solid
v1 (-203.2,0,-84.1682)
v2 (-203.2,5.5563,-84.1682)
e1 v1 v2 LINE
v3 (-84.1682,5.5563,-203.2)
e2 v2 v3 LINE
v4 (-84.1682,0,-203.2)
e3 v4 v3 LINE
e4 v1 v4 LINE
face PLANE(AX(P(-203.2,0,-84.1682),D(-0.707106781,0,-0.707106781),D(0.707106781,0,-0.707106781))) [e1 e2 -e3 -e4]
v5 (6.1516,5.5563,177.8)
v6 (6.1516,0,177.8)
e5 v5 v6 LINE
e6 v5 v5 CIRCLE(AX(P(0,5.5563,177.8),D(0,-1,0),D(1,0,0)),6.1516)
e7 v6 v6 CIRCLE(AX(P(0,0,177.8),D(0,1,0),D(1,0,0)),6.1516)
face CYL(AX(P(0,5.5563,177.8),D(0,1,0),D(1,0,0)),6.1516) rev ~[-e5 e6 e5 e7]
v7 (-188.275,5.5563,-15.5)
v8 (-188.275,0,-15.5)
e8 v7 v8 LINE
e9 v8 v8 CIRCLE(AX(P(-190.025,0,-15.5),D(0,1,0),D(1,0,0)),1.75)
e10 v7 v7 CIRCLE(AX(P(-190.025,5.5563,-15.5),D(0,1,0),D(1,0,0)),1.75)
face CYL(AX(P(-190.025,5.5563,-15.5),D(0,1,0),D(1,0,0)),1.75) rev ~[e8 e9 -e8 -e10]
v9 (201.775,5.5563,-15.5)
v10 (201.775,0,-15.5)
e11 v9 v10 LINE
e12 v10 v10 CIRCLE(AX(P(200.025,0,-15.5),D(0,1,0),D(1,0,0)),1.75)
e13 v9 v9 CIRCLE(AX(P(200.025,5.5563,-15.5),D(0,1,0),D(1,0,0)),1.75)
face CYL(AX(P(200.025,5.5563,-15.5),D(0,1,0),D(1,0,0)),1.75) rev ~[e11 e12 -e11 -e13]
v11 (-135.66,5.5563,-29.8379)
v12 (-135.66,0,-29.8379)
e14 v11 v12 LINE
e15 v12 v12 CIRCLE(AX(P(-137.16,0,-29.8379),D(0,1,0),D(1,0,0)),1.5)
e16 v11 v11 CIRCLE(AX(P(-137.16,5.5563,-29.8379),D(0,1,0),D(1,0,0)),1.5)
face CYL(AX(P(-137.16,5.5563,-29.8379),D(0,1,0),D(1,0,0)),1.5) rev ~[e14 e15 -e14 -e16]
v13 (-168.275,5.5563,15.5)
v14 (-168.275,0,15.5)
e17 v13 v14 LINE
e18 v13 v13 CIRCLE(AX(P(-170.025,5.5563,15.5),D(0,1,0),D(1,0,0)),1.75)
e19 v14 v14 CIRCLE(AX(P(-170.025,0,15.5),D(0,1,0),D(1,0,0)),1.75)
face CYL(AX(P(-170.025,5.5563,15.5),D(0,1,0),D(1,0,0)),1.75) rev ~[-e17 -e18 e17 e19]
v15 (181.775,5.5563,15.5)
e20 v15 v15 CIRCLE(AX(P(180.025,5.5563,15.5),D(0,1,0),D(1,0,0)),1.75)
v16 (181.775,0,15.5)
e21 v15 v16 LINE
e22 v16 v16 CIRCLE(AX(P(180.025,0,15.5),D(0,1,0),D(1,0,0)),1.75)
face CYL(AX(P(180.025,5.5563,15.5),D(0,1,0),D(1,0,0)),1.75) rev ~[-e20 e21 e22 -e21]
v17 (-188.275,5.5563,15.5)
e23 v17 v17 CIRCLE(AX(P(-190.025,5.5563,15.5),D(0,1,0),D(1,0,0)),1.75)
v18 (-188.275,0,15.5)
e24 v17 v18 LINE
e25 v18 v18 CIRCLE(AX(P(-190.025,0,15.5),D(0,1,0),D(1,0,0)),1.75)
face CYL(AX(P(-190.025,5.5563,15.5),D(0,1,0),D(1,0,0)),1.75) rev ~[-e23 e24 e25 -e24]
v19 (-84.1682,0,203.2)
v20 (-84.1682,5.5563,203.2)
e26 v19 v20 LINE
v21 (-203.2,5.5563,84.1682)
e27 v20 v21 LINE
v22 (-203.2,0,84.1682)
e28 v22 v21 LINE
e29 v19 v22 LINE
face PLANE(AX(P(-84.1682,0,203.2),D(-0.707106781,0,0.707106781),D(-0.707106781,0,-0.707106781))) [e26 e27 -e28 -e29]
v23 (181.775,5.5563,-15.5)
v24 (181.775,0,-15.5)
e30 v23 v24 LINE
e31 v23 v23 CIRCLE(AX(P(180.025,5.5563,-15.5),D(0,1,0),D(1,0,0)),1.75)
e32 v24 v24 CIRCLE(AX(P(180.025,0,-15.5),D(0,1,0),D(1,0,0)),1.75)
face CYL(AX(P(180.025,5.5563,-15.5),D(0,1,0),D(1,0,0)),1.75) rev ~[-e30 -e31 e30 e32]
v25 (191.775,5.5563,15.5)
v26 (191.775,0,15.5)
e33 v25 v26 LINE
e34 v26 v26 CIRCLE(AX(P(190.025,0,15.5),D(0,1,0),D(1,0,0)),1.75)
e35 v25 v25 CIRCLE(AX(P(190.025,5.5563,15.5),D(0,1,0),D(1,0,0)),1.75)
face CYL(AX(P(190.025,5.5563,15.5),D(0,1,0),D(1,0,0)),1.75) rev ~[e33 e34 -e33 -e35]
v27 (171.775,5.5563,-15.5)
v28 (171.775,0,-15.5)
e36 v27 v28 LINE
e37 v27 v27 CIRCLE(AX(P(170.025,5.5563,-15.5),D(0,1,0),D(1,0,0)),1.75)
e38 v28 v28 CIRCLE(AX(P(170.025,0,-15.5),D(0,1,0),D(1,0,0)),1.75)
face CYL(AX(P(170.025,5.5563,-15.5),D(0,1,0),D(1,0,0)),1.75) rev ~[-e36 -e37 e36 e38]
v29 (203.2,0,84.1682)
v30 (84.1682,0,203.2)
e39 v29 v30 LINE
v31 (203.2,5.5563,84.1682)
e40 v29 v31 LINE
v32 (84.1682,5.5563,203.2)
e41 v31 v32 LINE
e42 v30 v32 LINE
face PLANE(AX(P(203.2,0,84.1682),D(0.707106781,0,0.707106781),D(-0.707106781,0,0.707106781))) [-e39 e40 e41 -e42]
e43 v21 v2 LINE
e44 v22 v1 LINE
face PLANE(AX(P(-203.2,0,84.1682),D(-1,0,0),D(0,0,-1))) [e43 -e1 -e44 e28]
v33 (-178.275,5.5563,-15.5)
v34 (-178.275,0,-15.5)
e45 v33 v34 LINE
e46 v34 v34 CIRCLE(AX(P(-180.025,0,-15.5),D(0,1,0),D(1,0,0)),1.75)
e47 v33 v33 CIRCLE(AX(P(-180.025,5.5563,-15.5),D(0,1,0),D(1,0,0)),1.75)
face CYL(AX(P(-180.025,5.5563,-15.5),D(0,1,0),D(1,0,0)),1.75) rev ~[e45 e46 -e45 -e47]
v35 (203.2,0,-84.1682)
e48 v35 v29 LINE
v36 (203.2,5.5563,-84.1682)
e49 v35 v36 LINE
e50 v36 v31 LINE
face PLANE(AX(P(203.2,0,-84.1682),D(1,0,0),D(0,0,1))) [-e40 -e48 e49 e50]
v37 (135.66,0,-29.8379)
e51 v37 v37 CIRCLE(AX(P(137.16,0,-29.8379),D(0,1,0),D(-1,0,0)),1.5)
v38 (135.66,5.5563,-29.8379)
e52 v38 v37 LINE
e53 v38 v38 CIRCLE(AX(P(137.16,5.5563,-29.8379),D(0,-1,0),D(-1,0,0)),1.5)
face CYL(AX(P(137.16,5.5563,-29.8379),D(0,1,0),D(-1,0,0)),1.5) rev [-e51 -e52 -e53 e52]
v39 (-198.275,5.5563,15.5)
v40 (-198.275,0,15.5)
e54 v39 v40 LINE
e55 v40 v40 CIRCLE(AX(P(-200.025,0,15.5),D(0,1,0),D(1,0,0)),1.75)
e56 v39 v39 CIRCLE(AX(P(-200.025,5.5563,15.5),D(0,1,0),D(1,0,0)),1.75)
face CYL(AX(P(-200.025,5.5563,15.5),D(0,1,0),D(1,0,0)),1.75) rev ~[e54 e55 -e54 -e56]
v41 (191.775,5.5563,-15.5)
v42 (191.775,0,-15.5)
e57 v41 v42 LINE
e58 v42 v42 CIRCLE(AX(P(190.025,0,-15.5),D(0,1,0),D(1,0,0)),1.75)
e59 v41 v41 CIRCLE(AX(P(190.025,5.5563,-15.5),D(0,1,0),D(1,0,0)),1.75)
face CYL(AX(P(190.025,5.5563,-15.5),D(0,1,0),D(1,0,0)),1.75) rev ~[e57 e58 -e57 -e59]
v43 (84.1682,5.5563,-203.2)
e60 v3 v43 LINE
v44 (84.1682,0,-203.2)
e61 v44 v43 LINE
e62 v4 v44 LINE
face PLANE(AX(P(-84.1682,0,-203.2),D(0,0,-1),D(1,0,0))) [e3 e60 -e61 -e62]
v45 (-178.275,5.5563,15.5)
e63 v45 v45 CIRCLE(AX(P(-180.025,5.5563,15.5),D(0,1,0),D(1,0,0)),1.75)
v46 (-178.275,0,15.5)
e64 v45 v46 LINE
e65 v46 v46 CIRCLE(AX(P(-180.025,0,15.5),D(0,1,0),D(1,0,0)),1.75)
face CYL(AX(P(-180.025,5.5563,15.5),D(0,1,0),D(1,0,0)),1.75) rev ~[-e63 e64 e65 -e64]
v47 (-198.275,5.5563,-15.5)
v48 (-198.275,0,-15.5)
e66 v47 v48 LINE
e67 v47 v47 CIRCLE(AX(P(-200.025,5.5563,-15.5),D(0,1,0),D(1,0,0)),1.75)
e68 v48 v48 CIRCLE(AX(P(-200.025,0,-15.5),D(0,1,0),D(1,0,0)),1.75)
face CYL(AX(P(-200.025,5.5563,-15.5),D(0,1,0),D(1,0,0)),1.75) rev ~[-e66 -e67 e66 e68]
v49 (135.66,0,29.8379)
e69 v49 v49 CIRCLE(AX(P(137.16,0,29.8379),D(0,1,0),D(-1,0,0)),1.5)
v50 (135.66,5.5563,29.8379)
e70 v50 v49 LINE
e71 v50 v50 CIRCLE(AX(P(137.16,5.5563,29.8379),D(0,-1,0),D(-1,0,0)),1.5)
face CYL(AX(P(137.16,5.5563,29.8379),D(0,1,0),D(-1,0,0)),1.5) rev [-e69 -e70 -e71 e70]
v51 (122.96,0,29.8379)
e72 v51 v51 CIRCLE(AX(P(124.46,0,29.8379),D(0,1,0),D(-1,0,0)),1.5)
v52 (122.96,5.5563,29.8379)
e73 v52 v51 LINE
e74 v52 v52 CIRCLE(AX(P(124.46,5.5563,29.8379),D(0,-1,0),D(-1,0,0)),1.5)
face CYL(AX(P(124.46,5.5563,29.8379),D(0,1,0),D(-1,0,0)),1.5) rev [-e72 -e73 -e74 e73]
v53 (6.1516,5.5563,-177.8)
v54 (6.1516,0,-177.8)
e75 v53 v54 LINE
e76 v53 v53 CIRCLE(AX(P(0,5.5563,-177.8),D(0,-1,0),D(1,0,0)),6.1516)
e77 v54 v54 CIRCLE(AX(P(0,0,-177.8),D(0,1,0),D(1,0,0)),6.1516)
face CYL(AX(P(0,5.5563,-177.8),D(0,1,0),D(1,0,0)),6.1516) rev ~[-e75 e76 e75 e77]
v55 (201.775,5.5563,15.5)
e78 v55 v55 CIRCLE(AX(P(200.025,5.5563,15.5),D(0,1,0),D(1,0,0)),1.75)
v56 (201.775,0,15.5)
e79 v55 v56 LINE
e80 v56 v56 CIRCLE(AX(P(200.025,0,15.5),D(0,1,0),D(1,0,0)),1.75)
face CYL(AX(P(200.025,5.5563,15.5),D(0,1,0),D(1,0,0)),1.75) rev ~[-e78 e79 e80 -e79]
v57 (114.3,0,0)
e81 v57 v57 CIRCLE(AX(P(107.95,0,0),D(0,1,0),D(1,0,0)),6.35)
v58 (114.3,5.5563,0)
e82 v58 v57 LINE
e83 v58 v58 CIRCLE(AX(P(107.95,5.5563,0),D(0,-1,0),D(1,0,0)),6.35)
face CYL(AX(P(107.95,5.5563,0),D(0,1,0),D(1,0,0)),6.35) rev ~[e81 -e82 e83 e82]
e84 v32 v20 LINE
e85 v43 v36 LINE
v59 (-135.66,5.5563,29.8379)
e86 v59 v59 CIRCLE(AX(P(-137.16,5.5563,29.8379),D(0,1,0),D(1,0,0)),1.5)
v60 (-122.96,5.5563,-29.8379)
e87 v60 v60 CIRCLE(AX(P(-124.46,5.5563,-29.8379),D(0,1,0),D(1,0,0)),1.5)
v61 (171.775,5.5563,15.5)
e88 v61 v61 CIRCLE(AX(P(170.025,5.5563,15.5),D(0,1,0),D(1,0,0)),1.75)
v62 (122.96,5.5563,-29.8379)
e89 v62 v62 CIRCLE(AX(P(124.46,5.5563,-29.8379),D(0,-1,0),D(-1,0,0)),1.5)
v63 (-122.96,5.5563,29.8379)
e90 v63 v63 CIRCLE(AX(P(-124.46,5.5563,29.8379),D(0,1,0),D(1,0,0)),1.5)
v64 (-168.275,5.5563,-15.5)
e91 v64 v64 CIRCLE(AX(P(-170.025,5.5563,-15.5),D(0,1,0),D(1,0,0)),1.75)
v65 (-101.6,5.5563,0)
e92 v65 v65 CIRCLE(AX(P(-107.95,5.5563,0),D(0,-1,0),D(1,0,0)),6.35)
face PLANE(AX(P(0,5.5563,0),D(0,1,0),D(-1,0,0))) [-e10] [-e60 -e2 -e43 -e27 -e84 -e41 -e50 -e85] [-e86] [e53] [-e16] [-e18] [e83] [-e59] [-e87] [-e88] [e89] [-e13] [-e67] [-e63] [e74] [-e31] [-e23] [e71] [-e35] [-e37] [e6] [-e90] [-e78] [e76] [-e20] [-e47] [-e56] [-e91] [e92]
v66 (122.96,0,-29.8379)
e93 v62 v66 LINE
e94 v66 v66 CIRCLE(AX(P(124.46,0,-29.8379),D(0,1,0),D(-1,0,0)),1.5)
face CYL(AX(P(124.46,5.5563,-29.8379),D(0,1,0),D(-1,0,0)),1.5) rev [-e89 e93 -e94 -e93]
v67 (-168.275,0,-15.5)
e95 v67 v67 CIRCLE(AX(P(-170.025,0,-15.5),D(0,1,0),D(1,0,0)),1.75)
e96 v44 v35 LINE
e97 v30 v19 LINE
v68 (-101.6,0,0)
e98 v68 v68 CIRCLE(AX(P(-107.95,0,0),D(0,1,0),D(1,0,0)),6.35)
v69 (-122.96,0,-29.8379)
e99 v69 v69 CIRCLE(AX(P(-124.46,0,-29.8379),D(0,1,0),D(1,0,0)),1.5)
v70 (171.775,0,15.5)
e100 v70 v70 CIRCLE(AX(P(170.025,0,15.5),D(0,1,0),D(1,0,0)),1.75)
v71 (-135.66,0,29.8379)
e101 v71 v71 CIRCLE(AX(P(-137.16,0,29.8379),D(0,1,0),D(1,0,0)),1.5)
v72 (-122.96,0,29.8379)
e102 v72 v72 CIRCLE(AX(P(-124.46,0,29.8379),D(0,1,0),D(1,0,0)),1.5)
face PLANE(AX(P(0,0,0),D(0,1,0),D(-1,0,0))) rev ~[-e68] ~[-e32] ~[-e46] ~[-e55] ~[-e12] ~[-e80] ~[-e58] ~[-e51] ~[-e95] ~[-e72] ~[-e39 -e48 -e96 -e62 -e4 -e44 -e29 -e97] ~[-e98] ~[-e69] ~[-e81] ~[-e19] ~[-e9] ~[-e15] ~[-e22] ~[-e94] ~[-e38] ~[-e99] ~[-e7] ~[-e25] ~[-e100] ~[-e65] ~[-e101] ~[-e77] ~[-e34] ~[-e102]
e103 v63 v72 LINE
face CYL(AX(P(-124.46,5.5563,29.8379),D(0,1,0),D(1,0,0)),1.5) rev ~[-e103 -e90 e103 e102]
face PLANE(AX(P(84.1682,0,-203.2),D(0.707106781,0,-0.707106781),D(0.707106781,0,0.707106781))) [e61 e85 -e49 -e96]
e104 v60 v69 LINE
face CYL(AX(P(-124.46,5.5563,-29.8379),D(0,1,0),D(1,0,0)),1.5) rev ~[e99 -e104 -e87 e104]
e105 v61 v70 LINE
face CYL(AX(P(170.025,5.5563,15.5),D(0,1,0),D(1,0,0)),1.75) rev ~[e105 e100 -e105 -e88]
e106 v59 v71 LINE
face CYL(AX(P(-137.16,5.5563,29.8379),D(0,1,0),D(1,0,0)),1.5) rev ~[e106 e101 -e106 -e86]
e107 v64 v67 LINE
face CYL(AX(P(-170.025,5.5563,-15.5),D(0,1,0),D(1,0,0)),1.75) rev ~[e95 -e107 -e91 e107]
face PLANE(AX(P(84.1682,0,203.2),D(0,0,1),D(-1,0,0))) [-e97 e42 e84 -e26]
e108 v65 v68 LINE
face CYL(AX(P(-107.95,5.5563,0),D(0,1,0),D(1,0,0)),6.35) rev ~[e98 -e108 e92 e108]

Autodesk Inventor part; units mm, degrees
ref_plane "YZ Plane" through (0, 0, 0) normal (1, 0, 0) x (0, 1, 0)
ref_plane "XZ Plane" through (0, 0, 0) normal (0, 1, 0) x (-1, 0, 0)
ref_plane "XY Plane" through (0, 0, 0) normal (0, 0, 1) x (1, 0, 0)
sketch "Sketch1" plane through (0, 0, 0) normal (0, 1, 0) x (-1, 0, 0)
  line L0 (-203.2, 84.1682) -> (-84.1682, 203.2)
  line L1 (-84.1682, 203.2) -> (84.1682, 203.2)
  line L2 (84.1682, 203.2) -> (203.2, 84.1682)
  line L3 (203.2, 84.1682) -> (203.2, -84.1682)
  line L4 (203.2, -84.1682) -> (84.1682, -203.2)
  line L5 (84.1682, -203.2) -> (-84.1682, -203.2)
  line L6 (-84.1682, -203.2) -> (-203.2, -84.1682)
  line L7 (-203.2, -84.1682) -> (-203.2, 84.1682)
  point P0 (0, 0)
  point P1 (0, 0)
  dimension "BaseWidth" = 406.4
  dimension "BaseSideLength" = 168.3364
extrude "Extrusion1" add sketch "Sketch1" along normal blind 5.5563
sketch "Sketch2" plane through (0, 5.5563, 0) normal (0, 1, 0) x (1, 0, 0)
  line L0 (84.1682, -203.2) -> (-84.1682, -203.2) projected
  line L1 (203.2, 84.1682) -> (203.2, -84.1682) projected
  line L2 (-203.2, -84.1682) -> (-203.2, 84.1682) projected
  line L3 (84.1682, -203.2) -> (-84.1682, -203.2) projected
  line L4 (203.2, 84.1682) -> (203.2, -84.1682) projected
  line L5 (-84.1682, 203.2) -> (84.1682, 203.2) projected
  line L6 (-203.2, -84.1682) -> (-203.2, 84.1682) projected
  line L7 (-203.2, 0) -> (203.2, 0)
  line L8 (0, 203.2) -> (0, -203.2)
  circle A0 centre (-170.025, 15.5) radius 1.75
  circle A1 centre (-180.025, 15.5) radius 1.75
  circle A2 centre (-190.025, 15.5) radius 1.75
  circle A3 centre (-200.025, 15.5) radius 1.75
  circle A4 centre (-170.025, -15.5) radius 1.75
  circle A5 centre (-180.025, -15.5) radius 1.75
  circle A6 centre (-190.025, -15.5) radius 1.75
  circle A7 centre (-200.025, -15.5) radius 1.75
  circle A8 centre (170.025, 15.5) radius 1.75
  circle A9 centre (180.025, 15.5) radius 1.75
  circle A10 centre (190.025, 15.5) radius 1.75
  circle A11 centre (200.025, 15.5) radius 1.75
  circle A12 centre (170.025, -15.5) radius 1.75
  circle A13 centre (180.025, -15.5) radius 1.75
  circle A14 centre (190.025, -15.5) radius 1.75
  circle A15 centre (200.025, -15.5) radius 1.75
  circle A16 centre (0, -177.8) radius 6.1516
  circle A17 centre (0, 177.8) radius 6.1516
  circle A18 centre (-107.95, 0) radius 6.35
  circle A19 centre (107.95, 0) radius 6.35
  dimension "d39" = 3.5
  dimension "d42" = 10
  dimension "d45" = 31
  dimension "d48" = 3.5
  dimension "d51" = 10
  dimension "d54" = 31
  dimension "d57" = 15.5
  dimension "d58" = 3.175
  dimension "d59" = 3.175
  dimension "d60" = 15.5
  dimension "d71" = 12.3031
  dimension "d72" = 12.3031
  dimension "d73" = 25.4
  dimension "d74" = 25.4
  dimension "d75" = 12.7
  dimension "d76" = 95.25
  dimension "d77" = 95.25
extrude "Extrusion2" cut sketch "Sketch2" against normal through all
sketch "Sketch3" plane through (0, 5.5563, 0) normal (0, 1, 0) x (1, 0, 0)
  line L0 (84.1682, -203.2) -> (-84.1682, -203.2) projected
  line L1 (203.2, -84.1682) -> (84.1682, -203.2) projected
  line L2 (203.2, 84.1682) -> (203.2, -84.1682) projected
  line L3 (84.1682, 203.2) -> (203.2, 84.1682) projected
  line L4 (-84.1682, 203.2) -> (84.1682, 203.2) projected
  line L5 (-203.2, 84.1682) -> (-84.1682, 203.2) projected
  line L6 (-203.2, -84.1682) -> (-203.2, 84.1682) projected
  line L7 (-84.1682, -203.2) -> (-203.2, -84.1682) projected
  line L8 (-203.2, 0) -> (203.2, 0)
  line L9 (0, 203.2) -> (0, -203.2)
  point P0 (0, 0)
sketch "Sketch5" plane through (0, 5.5563, 0) normal (0, 1, 0) x (1, 0, 0)
  circle A0 centre (-107.95, 0) radius 6.35 projected
  line L0 (84.1682, -203.2) -> (-84.1682, -203.2) projected
  line L1 (203.2, 84.1682) -> (203.2, -84.1682) projected
  line L2 (-203.2, -84.1682) -> (-203.2, 84.1682) projected
  circle A1 centre (-137.16, 29.8379) radius 1.5
  circle A2 centre (-124.46, 29.8379) radius 1.5
  circle A3 centre (-137.16, -29.8379) radius 1.5
  circle A4 centre (-124.46, -29.8379) radius 1.5
  point P0 (0, 0)
  dimension "d78" = 66.04
  dimension "d80" = 3
  dimension "d81" = 29.8379
  dimension "d84" = 12.7
  dimension "d87" = 59.6758
extrude "Extrusion4" cut sketch "Sketch5" against normal through all contours A1 | A2 | A3 | A4
mirror "Mirror1" about plane through (0, 0, 0) normal (1, 0, 0) of "Extrusion4"
equation "\"d71\" = CasterDrillDiameter"
equation "\"d72\" = CasterDrillDiameter"
equation "\"d77\" = d76"
equation "\"d80\" = HoleDiameter"
equation "\"d81\" = 0.5 * ShroudHoldLongSeperation"
equation "\"d84\" = ShroudHoldShortSeperation"
equation "\"d87\" = ShroudHoldLongSeperation"
equation "\"BaseSupportThickness\" = 12.7"
equation "\"CasterDrillDiameter\" = 12.30312"
equation "\"HoleDiameter\" = 3"
equation "\"ShroudHoldLongSeperation\" = 59.675776"
equation "\"ShroudHoldShortSeperation\" = 12.7"
properties part number "Robot-Lower-Base" material "Wood (Birch)"
